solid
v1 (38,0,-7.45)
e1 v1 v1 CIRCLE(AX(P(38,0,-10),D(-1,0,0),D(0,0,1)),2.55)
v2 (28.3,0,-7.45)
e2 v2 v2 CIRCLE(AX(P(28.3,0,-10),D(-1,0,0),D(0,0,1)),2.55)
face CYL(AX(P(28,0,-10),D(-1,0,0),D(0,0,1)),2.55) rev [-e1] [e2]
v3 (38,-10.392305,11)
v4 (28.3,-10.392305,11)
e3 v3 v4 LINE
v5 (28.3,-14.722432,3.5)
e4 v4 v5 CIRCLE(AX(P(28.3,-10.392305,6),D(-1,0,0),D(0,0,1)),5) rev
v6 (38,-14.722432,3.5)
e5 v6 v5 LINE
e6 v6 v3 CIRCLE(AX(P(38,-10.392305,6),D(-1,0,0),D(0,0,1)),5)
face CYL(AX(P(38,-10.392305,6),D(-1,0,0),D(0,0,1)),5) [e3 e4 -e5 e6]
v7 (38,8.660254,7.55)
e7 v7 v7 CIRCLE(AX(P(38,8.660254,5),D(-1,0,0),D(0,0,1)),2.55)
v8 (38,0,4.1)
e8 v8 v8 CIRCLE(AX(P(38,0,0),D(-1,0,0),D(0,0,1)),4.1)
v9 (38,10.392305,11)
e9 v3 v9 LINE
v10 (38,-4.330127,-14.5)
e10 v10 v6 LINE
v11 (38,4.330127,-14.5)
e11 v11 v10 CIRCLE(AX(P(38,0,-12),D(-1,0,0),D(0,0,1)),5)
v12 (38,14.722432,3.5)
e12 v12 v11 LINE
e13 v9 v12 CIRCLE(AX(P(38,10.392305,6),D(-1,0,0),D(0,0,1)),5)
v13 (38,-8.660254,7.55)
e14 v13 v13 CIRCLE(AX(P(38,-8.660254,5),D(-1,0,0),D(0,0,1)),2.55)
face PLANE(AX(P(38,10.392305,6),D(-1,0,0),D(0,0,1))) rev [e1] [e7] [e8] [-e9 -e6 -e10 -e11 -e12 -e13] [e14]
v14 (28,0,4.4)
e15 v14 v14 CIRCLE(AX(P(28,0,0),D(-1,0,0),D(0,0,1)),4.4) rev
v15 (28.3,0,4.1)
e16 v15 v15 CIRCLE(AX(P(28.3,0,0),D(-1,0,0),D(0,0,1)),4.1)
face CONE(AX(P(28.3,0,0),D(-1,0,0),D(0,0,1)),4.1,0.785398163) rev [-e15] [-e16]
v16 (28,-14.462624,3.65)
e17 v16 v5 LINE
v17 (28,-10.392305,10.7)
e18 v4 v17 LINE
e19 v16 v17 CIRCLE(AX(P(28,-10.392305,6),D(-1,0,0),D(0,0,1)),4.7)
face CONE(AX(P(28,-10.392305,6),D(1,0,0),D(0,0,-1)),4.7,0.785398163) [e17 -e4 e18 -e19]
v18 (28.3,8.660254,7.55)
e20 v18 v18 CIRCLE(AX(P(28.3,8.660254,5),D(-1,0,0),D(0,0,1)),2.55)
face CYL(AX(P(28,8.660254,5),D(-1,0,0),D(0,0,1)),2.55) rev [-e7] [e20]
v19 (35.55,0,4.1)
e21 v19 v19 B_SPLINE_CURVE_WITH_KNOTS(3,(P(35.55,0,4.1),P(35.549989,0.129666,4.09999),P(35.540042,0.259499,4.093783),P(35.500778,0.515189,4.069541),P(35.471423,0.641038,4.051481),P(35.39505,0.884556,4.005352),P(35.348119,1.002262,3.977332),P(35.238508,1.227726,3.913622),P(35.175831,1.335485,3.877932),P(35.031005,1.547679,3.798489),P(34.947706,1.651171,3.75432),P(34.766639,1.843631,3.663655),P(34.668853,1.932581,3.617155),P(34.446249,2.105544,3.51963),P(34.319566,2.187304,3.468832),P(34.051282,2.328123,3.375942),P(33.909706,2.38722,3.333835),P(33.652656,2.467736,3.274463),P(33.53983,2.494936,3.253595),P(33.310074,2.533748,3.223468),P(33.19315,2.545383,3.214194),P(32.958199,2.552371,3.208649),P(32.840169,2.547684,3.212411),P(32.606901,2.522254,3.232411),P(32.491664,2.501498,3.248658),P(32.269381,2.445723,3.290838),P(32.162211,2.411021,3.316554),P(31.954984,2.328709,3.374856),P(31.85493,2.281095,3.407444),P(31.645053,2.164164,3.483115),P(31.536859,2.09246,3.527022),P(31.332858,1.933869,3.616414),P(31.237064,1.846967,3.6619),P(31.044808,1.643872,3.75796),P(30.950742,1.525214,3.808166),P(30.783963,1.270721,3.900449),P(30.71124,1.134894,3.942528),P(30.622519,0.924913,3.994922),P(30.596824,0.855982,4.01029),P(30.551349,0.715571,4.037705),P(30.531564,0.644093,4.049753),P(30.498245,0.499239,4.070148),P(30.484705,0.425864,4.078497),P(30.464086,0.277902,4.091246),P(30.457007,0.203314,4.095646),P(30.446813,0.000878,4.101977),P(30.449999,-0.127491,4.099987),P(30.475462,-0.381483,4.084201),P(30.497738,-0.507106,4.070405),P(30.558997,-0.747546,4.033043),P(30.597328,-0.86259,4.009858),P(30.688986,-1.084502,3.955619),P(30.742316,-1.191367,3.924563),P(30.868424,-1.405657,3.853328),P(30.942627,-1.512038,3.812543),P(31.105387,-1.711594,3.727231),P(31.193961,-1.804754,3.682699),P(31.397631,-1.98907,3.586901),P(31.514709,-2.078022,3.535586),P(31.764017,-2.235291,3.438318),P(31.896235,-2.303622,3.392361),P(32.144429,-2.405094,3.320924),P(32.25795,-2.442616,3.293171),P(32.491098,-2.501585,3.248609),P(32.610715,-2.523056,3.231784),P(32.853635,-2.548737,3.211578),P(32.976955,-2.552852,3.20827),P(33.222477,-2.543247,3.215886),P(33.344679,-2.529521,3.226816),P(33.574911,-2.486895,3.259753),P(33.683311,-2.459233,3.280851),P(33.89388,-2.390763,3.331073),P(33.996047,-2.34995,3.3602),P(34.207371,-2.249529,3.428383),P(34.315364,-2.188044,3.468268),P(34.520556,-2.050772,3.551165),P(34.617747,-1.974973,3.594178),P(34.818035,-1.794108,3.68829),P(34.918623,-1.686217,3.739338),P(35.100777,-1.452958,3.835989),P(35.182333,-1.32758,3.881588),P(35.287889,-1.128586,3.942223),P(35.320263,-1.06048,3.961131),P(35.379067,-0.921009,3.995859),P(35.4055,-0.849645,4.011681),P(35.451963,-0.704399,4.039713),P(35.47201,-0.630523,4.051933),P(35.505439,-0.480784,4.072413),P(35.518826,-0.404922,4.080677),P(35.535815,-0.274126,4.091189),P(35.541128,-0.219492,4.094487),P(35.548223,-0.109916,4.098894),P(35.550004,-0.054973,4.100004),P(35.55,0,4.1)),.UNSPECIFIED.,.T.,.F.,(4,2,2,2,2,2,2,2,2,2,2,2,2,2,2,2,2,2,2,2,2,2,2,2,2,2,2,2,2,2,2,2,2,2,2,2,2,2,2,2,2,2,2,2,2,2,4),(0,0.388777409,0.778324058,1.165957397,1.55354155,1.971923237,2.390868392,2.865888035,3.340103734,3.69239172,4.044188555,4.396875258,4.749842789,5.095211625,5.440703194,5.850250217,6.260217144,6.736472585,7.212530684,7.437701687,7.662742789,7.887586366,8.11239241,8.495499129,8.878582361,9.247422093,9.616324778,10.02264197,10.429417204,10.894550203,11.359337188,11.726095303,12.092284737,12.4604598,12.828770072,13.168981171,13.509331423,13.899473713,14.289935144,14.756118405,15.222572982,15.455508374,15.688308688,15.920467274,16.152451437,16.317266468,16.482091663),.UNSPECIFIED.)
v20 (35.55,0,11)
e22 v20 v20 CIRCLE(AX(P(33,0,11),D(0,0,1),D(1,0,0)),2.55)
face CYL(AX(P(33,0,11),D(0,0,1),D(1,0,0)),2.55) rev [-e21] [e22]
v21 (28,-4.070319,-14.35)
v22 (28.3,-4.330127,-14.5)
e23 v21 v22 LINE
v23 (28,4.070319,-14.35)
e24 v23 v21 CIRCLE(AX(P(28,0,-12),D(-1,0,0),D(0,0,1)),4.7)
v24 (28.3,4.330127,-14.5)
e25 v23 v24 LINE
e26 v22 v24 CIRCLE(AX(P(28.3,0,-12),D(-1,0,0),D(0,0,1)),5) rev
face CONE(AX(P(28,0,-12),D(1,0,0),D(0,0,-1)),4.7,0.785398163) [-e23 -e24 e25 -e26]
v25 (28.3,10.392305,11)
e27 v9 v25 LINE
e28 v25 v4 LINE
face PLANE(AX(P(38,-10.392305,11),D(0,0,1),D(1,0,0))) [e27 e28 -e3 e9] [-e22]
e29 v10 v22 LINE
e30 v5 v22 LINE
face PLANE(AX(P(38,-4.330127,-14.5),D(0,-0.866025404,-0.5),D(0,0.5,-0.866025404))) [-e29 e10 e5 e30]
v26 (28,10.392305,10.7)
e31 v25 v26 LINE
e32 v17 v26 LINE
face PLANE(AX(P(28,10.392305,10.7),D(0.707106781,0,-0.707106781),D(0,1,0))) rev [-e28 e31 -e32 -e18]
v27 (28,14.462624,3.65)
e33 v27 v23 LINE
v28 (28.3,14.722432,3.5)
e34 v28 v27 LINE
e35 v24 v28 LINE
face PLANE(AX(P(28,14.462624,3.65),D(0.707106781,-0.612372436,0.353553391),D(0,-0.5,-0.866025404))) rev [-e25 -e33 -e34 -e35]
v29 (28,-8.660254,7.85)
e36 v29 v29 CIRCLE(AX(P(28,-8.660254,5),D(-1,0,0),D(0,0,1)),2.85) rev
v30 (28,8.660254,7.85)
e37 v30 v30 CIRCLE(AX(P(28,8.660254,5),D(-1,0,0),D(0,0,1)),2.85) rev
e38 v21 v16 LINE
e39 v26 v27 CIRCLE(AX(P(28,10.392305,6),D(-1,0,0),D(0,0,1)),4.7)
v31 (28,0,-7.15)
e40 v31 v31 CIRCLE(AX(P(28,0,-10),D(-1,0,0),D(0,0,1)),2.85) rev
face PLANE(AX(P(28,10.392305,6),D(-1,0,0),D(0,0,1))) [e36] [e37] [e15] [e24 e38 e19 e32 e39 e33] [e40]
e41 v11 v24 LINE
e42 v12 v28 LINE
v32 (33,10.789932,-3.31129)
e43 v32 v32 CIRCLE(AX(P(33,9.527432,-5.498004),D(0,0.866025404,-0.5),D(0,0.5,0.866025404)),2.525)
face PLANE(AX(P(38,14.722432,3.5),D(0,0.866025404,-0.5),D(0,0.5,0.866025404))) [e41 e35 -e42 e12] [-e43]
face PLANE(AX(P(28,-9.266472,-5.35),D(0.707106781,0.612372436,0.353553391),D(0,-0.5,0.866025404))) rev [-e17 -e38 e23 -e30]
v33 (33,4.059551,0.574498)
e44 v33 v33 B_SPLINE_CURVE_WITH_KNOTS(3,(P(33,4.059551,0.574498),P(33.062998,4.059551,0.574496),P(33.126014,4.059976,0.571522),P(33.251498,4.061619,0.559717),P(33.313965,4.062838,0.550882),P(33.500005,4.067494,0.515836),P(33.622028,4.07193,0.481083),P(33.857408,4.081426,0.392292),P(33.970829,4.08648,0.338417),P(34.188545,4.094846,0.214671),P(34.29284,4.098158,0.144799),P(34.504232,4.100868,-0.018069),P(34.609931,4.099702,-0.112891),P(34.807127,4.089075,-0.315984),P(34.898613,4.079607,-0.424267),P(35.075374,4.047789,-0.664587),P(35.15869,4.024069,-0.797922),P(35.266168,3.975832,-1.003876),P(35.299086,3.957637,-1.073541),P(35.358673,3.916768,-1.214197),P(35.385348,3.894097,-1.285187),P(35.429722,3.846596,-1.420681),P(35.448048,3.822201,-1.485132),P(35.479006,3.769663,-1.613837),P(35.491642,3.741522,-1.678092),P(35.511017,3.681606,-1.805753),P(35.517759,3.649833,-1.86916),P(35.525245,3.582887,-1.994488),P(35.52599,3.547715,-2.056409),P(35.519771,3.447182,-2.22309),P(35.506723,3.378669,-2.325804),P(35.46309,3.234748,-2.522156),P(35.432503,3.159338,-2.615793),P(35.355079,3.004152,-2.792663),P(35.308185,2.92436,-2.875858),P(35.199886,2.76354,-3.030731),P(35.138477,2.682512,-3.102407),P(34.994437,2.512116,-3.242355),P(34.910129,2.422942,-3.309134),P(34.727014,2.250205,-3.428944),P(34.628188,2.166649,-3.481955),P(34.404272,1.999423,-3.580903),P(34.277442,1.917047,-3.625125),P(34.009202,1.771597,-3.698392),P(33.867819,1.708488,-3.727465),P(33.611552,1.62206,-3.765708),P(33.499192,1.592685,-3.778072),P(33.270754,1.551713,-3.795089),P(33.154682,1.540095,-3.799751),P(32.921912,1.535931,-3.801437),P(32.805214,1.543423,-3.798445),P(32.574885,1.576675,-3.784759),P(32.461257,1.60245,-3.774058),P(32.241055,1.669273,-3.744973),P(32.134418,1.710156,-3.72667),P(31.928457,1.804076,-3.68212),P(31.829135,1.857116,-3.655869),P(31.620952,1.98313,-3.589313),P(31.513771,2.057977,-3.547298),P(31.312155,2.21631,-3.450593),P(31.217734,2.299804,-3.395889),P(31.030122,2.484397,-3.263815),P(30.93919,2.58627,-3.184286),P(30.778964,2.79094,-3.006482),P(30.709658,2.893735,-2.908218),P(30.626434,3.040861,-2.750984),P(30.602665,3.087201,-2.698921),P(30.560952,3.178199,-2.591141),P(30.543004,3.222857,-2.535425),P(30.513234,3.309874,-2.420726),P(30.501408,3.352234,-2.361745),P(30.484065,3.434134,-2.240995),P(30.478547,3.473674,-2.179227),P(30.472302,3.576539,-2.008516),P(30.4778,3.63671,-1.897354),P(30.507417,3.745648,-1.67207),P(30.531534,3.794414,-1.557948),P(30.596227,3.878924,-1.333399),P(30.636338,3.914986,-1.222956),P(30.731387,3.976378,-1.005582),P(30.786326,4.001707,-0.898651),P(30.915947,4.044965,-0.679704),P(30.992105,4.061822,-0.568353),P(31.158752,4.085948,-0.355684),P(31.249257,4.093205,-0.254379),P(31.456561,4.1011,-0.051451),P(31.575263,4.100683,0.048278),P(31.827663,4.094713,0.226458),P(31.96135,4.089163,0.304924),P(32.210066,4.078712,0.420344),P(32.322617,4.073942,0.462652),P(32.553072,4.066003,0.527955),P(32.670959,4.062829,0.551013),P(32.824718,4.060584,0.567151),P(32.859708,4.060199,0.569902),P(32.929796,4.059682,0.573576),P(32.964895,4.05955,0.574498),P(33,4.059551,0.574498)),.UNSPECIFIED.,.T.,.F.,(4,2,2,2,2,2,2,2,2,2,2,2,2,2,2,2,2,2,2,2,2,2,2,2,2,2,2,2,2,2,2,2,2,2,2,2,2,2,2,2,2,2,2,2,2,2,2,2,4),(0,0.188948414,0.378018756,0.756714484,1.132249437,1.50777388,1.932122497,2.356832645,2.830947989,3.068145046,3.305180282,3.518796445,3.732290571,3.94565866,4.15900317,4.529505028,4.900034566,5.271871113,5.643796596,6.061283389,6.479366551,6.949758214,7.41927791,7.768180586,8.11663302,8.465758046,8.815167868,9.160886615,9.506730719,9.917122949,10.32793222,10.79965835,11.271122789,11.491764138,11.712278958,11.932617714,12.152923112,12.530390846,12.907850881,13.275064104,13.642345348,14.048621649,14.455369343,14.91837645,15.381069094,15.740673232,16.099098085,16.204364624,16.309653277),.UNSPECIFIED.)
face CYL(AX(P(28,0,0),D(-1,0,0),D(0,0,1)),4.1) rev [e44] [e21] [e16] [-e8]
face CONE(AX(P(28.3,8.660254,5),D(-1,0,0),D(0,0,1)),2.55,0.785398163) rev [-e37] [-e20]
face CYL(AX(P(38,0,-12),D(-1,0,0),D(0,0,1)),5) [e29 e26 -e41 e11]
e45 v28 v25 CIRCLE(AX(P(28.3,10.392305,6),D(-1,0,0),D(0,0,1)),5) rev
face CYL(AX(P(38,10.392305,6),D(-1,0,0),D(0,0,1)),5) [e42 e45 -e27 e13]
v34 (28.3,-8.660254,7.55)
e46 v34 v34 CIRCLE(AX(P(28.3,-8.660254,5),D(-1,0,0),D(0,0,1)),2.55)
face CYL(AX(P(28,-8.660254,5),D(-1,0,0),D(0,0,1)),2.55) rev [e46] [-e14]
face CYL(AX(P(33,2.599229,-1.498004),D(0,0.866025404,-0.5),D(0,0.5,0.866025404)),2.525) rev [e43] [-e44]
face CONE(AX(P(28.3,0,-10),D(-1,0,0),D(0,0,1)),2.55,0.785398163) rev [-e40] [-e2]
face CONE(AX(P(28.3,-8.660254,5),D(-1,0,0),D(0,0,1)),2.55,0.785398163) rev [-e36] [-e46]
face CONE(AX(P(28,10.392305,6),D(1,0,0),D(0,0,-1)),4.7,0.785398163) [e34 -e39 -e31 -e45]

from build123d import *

# Parameters (mm, degrees)
BOSS_EXTRUDE1_DEPTH             = 10
F_5_1_5_1_DIAMETER_HOLE1_D      = 5.1
F_8_2_8_2_DIAMETER_HOLE1_D      = 8.2
F_5_1_5_1_DIAMETER_HOLE2_REACH  = 51.648
F_5_1_5_1_DIAMETER_HOLE2_BORE_R = 2.55
CHAMFER1_SIZE                   = 0.3
SKETCH8_R                       = 2.525
CUT_EXTRUDE1_DEPTH              = 8


with BuildPart() as part:
    # Sketch1 → Boss-Extrude1 (new body)
    with BuildSketch(Plane(origin=(28, 0, 0), x_dir=(0, -1, 0), z_dir=(-1, 0, 0))):
        with BuildLine():
            Line((-14.722431864, 3.5), (-4.330127019, -14.5))
            ThreePointArc((-4.330127019, -14.5), (0, -17), (4.330127019, -14.5))
            Line((4.330127019, -14.5), (14.722431864, 3.5))
            ThreePointArc((14.722431864, 3.5), (14.722431864, 8.5), (10.392304845, 11))
            Line((10.392304845, 11), (-10.392304845, 11))
            ThreePointArc((-10.392304845, 11), (-14.722431864, 8.5), (-14.722431864, 3.5))
        make_face()
    extrude(amount=-BOSS_EXTRUDE1_DEPTH)

    # Ø5.1 (5.1) Diameter Hole1 (through all)
    with Locations(Plane.ZY.offset(-28)):
        with Locations((-10, 0), (5, 8.660254038), (5, -8.660254038)):
            Hole(F_5_1_5_1_DIAMETER_HOLE1_D / 2)

    # Ø8.2 (8.2) Diameter Hole1 (through all)
    with Locations(Plane.ZY.offset(-28)):
        with Locations((0, 0)):
            Hole(F_8_2_8_2_DIAMETER_HOLE1_D / 2)

    # Ø5.1 (5.1) Diameter Hole2 bore → Ø5.1 (5.1) Diameter Hole2 (cut, up to next)
    with BuildSketch(Plane.XY.offset(11), mode=Mode.PRIVATE) as f_5_1_5_1_diameter_hole2_sk1:
        with Locations((33, 0)):
            Circle(F_5_1_5_1_DIAMETER_HOLE2_BORE_R)
    f_5_1_5_1_diameter_hole2_tool1 = extrude(f_5_1_5_1_diameter_hole2_sk1.sketch, amount=-F_5_1_5_1_DIAMETER_HOLE2_REACH, mode=Mode.PRIVATE) & part.part
    add(f_5_1_5_1_diameter_hole2_tool1.solids().sort_by_distance((33, 0, 11))[0], mode=Mode.SUBTRACT)

    # Chamfer1
    chamfer1_edges = [part.edges().sort_by_distance(p)[0] for p in [
        (28, -8.660254038, 7.55),
        (28, 8.660254038, 7.55),
        (28, 0, -7.45),
        (28, 0, 4.1),
        (28, 0, 11),
        (28, -14.722431864, 8.5),
        (28, -9.526279442, -5.5),
        (28, 0, -17),
        (28, 9.526279442, -5.5),
        (28, 14.722431864, 8.5),
    ]]
    chamfer(chamfer1_edges, length=CHAMFER1_SIZE)

    # Sketch8 → Cut-Extrude1 (cut)
    with BuildSketch(Plane(origin=(0, 9.526279442, -5.5), x_dir=(1, 0, 0), z_dir=(0, 0.8660254037844384, -0.5000000000000006))):
        with Locations(Location((33, -0.002304845, 0), (0, 0, 270))):
            Circle(SKETCH8_R)
    extrude(amount=-CUT_EXTRUDE1_DEPTH, mode=Mode.SUBTRACT)


solid = part.part
